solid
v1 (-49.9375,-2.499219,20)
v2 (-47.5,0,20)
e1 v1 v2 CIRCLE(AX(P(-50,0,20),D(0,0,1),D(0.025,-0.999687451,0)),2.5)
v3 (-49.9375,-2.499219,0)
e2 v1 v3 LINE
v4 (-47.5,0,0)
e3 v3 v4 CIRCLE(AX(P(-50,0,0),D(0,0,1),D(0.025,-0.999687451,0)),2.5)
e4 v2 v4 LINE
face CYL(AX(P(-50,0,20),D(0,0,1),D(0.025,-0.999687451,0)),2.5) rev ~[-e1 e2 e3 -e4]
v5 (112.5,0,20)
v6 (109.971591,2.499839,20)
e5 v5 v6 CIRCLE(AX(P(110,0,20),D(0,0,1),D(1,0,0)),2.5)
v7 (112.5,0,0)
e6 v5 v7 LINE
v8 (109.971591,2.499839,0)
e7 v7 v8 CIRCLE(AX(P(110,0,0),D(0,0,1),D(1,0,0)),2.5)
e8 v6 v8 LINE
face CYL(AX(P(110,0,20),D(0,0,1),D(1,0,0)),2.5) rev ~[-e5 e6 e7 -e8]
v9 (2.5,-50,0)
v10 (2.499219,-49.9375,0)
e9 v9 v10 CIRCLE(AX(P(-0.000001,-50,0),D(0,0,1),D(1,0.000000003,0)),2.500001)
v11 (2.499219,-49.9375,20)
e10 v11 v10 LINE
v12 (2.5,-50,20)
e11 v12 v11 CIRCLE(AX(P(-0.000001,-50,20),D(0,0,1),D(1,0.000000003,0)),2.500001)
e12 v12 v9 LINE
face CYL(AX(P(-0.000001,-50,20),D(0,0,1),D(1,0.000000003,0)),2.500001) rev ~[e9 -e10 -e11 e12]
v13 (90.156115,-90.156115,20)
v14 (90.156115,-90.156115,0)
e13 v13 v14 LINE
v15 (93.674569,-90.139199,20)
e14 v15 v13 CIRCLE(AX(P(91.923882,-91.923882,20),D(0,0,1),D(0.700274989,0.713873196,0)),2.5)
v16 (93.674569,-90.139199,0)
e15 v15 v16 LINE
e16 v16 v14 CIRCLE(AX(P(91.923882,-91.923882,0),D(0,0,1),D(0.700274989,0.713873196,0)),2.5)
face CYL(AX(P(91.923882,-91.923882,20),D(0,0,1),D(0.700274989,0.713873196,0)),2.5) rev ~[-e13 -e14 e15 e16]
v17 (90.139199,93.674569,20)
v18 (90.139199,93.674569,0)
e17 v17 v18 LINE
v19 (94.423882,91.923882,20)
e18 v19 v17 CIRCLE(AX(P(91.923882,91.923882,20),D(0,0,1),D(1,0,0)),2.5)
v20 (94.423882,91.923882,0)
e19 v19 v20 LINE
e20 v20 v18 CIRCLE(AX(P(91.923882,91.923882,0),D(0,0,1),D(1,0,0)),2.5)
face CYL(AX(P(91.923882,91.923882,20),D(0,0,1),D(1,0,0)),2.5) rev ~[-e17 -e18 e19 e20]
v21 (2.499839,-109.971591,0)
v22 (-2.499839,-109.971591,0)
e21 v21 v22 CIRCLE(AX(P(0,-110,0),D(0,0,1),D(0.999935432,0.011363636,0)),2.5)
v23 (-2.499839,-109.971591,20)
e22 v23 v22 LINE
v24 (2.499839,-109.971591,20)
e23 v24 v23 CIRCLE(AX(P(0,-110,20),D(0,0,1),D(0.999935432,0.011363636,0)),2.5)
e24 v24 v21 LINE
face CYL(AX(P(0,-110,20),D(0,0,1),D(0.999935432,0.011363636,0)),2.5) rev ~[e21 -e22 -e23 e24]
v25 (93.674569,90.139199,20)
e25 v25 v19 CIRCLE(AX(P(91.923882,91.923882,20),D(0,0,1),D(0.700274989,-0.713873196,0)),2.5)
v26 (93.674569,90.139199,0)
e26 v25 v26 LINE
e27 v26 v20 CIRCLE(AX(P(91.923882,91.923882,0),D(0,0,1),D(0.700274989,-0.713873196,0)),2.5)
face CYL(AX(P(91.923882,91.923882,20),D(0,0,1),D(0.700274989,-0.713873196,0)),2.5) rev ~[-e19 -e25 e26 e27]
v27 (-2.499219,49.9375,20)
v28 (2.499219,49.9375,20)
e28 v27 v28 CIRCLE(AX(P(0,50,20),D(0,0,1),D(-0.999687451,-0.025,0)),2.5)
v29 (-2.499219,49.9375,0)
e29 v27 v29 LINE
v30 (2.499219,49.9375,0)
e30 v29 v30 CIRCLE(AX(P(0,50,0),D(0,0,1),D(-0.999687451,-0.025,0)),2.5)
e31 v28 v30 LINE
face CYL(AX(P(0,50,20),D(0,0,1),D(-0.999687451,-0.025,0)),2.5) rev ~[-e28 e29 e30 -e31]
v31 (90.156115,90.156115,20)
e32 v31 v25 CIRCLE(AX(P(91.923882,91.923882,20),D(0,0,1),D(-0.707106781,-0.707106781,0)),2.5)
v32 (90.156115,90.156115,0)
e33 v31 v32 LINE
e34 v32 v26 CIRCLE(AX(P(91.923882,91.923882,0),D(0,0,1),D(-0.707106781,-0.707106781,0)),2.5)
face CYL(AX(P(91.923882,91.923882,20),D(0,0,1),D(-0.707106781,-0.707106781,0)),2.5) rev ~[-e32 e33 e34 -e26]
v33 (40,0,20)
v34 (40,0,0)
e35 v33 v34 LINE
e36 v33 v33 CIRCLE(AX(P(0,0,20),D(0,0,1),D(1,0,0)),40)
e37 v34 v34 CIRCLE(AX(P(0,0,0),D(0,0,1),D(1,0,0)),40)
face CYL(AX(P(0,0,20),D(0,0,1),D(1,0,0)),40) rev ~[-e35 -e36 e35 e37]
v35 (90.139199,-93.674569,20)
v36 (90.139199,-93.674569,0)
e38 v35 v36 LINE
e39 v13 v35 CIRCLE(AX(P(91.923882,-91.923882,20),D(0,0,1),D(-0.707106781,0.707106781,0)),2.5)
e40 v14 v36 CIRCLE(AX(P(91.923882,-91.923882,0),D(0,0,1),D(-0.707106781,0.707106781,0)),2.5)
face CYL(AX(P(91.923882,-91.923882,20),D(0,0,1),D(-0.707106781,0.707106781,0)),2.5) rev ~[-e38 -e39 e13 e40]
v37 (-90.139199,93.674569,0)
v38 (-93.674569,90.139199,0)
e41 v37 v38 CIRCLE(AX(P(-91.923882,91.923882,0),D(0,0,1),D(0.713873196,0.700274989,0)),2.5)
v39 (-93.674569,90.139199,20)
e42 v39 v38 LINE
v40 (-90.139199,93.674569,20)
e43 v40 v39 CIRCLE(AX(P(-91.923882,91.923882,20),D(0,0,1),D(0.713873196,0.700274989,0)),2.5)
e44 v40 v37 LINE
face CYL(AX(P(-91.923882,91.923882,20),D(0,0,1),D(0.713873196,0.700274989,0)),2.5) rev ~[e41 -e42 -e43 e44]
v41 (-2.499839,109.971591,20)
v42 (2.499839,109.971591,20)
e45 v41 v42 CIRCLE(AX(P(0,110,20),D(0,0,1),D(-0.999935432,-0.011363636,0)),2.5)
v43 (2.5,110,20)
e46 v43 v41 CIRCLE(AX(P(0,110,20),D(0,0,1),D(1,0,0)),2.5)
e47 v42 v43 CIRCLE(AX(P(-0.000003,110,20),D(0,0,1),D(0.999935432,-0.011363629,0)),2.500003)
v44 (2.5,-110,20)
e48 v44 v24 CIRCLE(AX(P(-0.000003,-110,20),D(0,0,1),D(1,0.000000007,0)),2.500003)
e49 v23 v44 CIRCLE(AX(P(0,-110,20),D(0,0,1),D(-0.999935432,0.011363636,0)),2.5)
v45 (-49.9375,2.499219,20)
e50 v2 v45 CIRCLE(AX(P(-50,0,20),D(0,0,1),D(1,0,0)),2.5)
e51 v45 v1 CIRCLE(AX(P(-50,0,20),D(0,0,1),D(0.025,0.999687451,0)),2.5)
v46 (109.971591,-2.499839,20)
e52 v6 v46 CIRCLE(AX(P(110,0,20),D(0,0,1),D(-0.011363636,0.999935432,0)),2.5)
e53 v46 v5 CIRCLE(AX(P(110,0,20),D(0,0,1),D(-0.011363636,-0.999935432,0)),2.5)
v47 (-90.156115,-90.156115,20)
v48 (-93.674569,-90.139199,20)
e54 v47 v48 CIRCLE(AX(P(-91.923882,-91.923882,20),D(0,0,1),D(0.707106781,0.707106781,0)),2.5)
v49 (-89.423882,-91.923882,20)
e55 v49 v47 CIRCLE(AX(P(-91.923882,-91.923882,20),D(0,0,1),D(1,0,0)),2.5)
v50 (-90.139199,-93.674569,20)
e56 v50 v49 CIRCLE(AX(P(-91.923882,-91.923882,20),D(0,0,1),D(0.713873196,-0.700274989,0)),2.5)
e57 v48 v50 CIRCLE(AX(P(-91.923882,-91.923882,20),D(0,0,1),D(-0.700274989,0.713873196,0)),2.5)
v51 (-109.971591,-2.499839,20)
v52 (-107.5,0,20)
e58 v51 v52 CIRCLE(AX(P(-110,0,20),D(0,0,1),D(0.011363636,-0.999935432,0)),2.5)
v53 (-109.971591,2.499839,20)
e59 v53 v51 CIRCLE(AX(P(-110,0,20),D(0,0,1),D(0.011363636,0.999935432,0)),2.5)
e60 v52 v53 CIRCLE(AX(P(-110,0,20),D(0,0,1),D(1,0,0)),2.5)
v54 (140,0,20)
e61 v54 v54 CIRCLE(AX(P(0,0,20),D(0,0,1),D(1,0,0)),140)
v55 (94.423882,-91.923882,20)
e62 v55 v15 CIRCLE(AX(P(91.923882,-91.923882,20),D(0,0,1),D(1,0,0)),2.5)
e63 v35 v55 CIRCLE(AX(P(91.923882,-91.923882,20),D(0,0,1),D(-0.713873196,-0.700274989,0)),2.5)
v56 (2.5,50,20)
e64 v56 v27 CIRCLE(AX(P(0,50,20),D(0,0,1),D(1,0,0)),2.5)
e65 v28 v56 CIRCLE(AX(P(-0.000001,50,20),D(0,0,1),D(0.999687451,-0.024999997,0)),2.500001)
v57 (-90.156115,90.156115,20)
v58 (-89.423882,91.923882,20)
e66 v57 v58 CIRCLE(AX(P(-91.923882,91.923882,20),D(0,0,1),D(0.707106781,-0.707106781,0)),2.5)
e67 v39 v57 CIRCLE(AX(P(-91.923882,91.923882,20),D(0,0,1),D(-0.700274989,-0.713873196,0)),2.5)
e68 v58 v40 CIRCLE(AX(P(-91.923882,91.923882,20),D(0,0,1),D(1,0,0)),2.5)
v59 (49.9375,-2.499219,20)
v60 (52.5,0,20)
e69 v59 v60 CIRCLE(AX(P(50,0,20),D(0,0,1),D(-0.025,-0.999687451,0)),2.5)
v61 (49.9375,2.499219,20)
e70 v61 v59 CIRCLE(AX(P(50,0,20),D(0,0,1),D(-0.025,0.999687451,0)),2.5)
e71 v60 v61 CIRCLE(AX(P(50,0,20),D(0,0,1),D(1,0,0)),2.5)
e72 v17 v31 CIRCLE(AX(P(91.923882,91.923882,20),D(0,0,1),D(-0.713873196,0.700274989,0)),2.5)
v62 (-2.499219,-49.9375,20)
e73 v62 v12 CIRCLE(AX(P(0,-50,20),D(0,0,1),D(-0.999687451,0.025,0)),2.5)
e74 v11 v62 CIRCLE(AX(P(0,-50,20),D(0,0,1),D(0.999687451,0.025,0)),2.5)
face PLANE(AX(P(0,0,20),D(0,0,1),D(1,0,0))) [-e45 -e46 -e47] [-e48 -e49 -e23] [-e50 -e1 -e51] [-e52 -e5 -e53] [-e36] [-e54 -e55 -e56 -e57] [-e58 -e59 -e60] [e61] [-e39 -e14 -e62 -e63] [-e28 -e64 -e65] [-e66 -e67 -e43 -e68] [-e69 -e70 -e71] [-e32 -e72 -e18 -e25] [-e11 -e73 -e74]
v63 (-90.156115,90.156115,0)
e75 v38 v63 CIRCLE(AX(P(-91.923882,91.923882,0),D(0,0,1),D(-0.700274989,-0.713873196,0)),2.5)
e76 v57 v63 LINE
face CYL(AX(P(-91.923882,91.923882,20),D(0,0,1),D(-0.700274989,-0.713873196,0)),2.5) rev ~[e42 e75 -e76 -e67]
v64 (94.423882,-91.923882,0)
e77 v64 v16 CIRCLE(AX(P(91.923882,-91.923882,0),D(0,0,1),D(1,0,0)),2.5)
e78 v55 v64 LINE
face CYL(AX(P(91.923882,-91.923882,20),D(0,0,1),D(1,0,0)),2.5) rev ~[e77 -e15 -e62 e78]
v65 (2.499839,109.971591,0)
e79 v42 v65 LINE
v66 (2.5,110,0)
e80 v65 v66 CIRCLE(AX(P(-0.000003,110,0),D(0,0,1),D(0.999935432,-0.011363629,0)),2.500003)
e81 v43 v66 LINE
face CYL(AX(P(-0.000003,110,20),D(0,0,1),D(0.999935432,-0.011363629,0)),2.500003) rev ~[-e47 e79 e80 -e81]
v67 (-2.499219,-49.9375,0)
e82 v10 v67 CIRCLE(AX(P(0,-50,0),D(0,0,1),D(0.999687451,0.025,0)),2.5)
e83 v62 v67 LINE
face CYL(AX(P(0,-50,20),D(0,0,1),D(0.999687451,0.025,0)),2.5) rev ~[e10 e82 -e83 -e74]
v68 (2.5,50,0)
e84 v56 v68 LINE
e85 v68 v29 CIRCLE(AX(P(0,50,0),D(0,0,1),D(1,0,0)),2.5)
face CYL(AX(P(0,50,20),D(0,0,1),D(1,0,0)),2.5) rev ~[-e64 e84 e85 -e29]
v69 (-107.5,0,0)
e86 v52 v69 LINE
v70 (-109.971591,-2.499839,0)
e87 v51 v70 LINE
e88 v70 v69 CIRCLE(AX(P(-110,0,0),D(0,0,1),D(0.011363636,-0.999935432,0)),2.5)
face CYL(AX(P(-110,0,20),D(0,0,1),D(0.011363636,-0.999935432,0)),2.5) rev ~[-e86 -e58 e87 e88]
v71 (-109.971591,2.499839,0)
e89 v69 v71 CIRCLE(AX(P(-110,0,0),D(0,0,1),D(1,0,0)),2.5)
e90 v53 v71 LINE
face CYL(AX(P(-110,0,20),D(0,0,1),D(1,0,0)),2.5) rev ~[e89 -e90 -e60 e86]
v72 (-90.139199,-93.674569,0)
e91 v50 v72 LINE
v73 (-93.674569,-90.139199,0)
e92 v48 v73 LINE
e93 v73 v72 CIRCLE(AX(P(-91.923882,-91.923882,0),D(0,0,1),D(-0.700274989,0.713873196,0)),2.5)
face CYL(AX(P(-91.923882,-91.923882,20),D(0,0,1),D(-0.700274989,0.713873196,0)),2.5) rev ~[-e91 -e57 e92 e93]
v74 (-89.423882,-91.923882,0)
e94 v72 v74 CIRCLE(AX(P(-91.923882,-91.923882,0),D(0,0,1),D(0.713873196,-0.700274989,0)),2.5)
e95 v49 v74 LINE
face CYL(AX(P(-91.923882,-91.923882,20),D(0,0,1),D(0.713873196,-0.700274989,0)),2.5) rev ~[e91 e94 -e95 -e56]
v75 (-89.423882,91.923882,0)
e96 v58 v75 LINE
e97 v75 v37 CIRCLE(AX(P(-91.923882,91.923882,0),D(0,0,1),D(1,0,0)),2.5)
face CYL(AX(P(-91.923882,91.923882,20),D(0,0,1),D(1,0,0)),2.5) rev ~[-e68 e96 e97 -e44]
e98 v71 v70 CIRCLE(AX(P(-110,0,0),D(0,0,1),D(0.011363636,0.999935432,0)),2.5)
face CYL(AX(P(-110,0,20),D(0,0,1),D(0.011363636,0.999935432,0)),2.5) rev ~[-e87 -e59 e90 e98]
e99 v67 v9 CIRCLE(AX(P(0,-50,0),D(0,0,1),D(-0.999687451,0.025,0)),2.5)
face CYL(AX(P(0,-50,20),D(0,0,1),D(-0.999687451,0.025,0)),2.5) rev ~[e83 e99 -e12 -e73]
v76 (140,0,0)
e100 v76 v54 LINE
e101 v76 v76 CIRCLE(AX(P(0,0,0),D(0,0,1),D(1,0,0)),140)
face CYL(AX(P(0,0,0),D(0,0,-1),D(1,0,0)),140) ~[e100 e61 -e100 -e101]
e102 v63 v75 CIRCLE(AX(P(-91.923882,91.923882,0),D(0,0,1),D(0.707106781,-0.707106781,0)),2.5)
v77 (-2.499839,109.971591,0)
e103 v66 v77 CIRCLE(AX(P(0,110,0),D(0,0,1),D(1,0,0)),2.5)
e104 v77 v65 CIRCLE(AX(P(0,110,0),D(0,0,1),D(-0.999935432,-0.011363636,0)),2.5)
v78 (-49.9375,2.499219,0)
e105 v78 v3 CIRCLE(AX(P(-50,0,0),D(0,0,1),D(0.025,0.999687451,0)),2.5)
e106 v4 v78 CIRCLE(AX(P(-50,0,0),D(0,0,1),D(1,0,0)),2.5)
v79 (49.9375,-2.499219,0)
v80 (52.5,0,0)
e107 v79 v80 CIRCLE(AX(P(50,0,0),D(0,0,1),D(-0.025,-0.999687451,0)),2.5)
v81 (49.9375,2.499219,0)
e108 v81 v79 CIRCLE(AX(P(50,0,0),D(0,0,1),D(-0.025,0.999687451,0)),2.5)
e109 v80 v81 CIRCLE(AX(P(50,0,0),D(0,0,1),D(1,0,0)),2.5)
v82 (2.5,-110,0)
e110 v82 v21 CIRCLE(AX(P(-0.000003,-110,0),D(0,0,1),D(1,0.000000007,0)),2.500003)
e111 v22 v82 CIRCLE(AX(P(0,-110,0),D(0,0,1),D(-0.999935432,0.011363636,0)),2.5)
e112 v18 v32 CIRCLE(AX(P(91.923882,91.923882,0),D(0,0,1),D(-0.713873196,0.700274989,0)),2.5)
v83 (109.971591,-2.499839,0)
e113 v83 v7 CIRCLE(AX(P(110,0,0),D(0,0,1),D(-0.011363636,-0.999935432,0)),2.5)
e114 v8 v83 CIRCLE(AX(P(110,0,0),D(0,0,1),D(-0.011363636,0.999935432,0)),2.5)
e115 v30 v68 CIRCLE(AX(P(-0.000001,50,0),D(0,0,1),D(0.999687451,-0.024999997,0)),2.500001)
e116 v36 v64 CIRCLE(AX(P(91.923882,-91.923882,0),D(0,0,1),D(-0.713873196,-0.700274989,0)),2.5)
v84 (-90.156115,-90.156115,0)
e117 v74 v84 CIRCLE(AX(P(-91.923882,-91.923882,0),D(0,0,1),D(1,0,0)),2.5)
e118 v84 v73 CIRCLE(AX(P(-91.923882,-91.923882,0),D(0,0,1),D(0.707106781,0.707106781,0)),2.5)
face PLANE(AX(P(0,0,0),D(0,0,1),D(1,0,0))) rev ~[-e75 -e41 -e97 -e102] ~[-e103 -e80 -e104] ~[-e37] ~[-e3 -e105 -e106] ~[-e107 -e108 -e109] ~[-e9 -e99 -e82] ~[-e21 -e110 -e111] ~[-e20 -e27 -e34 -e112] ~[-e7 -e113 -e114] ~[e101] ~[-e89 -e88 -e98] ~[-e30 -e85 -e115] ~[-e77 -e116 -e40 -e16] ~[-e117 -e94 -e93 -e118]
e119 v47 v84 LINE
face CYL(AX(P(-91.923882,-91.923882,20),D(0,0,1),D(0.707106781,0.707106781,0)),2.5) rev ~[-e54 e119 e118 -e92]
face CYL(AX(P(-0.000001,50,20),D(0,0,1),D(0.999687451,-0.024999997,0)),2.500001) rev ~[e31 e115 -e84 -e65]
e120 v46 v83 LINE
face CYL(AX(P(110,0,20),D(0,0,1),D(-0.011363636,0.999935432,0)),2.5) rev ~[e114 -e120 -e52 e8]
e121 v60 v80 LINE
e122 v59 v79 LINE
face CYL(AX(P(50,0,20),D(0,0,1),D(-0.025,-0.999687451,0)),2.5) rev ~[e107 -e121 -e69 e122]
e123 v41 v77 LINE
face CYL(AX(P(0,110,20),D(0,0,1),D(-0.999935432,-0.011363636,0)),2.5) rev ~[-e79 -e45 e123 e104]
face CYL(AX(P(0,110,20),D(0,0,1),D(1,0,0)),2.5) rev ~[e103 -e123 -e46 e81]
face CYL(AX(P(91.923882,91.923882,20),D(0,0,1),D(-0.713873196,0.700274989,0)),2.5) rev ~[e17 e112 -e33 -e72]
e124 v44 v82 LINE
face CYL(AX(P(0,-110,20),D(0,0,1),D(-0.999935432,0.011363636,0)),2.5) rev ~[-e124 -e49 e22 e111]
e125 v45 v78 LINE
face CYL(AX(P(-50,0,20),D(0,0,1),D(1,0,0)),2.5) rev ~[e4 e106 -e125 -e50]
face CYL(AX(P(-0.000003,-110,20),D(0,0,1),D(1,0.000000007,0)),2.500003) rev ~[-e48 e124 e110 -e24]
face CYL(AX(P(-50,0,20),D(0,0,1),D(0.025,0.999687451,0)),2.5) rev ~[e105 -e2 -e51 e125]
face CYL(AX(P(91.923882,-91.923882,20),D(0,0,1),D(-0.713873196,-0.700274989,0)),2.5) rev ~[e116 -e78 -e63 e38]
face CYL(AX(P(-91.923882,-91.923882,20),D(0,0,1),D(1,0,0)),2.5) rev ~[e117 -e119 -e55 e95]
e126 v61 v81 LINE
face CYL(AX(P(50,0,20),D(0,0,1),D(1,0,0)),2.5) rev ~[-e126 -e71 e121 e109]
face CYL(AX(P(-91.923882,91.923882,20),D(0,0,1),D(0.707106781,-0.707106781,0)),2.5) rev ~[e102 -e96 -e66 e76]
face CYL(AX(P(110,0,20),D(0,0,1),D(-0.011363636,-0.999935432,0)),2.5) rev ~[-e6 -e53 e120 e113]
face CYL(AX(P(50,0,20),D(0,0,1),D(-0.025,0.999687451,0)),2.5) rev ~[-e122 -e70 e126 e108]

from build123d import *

# Parameters (mm, degrees)
F0_R     = 140
F1_DEPTH = 20
F3_DEPTH = 20.001
F5_DEPTH = 25
F6_R     = 40
F7_DEPTH = 25
F9_DEPTH = 25


with BuildPart() as f1:
    # F0 (on Top) → F1 (new body)
    with BuildSketch(Plane.XY):
        Circle(F0_R)
    extrude(amount=F1_DEPTH)

    # F2 (on face) → F3 (cut, through all)
    with BuildSketch(Plane.XY.offset(20)):
        with BuildLine():
            ThreePointArc((-2.4998385795, 109.9715909091), (0, 110), (2.4998385795, 109.9715909091))
            ThreePointArc((2.4998385795, 109.9715909091), (2.4999596445, 109.9857952252), (2.5, 110))
            ThreePointArc((2.5, 110), (-0.0142047748, 112.4999596445), (-2.4998385795, 109.9715909091))
        make_face()
        with BuildLine():
            ThreePointArc((-2.4998385795, 109.9715909091), (0, 107.5), (2.4998385795, 109.9715909091))
            ThreePointArc((2.4998385795, 109.9715909091), (0, 110), (-2.4998385795, 109.9715909091))
        make_face()
        with BuildLine():
            ThreePointArc((109.9715909091, 2.4998385795), (109.992897498, 1.25), (110, 0))
            ThreePointArc((110, 0), (109.992897498, -1.25), (109.9715909091, -2.4998385795))
            ThreePointArc((109.9715909091, -2.4998385795), (111.7576941248, -1.7777827099), (112.5, 0))
            ThreePointArc((112.5, 0), (111.7576941248, 1.7777827099), (109.9715909091, 2.4998385795))
        make_face()
        with BuildLine():
            ThreePointArc((109.9715909091, -2.4998385795), (109.992897498, -1.25), (110, 0))
            ThreePointArc((110, 0), (109.992897498, 1.25), (109.9715909091, 2.4998385795))
            ThreePointArc((109.9715909091, 2.4998385795), (107.5, 0), (109.9715909091, -2.4998385795))
        make_face()
        with BuildLine():
            ThreePointArc((2.5, -110), (2.4999596445, -109.9857952252), (2.4998385795, -109.9715909091))
            ThreePointArc((2.4998385795, -109.9715909091), (0, -110), (-2.4998385795, -109.9715909091))
            ThreePointArc((-2.4998385795, -109.9715909091), (-0.0142047748, -112.4999596445), (2.5, -110))
        make_face()
        with BuildLine():
            ThreePointArc((-2.4998385795, -109.9715909091), (0, -110), (2.4998385795, -109.9715909091))
            ThreePointArc((2.4998385795, -109.9715909091), (0, -107.5), (-2.4998385795, -109.9715909091))
        make_face()
        with BuildLine():
            ThreePointArc((-107.5, 0), (-108.2222172901, 1.7576941248), (-109.9715909091, 2.4998385795))
            ThreePointArc((-109.9715909091, 2.4998385795), (-110, 0), (-109.9715909091, -2.4998385795))
            ThreePointArc((-109.9715909091, -2.4998385795), (-108.2222172901, -1.7576941248), (-107.5, 0))
        make_face()
        with BuildLine():
            ThreePointArc((-109.9715909091, -2.4998385795), (-110, 0), (-109.9715909091, 2.4998385795))
            ThreePointArc((-109.9715909091, 2.4998385795), (-112.5, 0), (-109.9715909091, -2.4998385795))
        make_face()
    extrude(amount=-F3_DEPTH, mode=Mode.SUBTRACT)

    # F4 (on face) → F5 (cut)
    with BuildSketch(Plane.XY.offset(20)):
        with BuildLine():
            ThreePointArc((-89.4238815543, 91.9238815543), (-89.6096098032, 92.8694746286), (-90.139198564, 93.6745690262))
            ThreePointArc((-90.139198564, 93.6745690262), (-91.0357485398, 92.8035154927), (-91.9238815543, 91.9238815543))
            Line((-91.9238815543, 91.9238815543), (-90.1561146013, 90.1561146013))
            ThreePointArc((-90.1561146013, 90.1561146013), (-89.614182723, 90.9671729733), (-89.4238815543, 91.9238815543))
        make_face()
        with BuildLine():
            ThreePointArc((-93.6745690262, 90.139198564), (-91.9118621846, 89.4239104475), (-90.1561146013, 90.1561146013))
            Line((-90.1561146013, 90.1561146013), (-91.9238815543, 91.9238815543))
            ThreePointArc((-91.9238815543, 91.9238815543), (-92.8035154927, 91.0357485398), (-93.6745690262, 90.139198564))
        make_face()
        with BuildLine():
            ThreePointArc((-91.9238815543, 91.9238815543), (-91.0357485398, 92.8035154927), (-90.139198564, 93.6745690262))
            ThreePointArc((-90.139198564, 93.6745690262), (-93.6916485072, 93.6916485072), (-93.6745690262, 90.139198564))
            ThreePointArc((-93.6745690262, 90.139198564), (-92.8035154927, 91.0357485398), (-91.9238815543, 91.9238815543))
        make_face()
        with BuildLine():
            ThreePointArc((91.9238815543, 91.9238815543), (92.8035154927, 91.0357485398), (93.6745690262, 90.139198564))
            ThreePointArc((93.6745690262, 90.139198564), (94.228954078, 90.9560795807), (94.4238815543, 91.9238815543))
            ThreePointArc((94.4238815543, 91.9238815543), (92.8694746286, 94.2381533053), (90.139198564, 93.6745690262))
            ThreePointArc((90.139198564, 93.6745690262), (91.0357485398, 92.8035154927), (91.9238815543, 91.9238815543))
        make_face()
        with BuildLine():
            ThreePointArc((90.1561146013, 90.1561146013), (91.9118621846, 89.4239104475), (93.6745690262, 90.139198564))
            ThreePointArc((93.6745690262, 90.139198564), (92.8035154927, 91.0357485398), (91.9238815543, 91.9238815543))
            Line((91.9238815543, 91.9238815543), (90.1561146013, 90.1561146013))
        make_face()
        with BuildLine():
            Line((90.1561146013, 90.1561146013), (91.9238815543, 91.9238815543))
            ThreePointArc((91.9238815543, 91.9238815543), (91.0357485398, 92.8035154927), (90.139198564, 93.6745690262))
            ThreePointArc((90.139198564, 93.6745690262), (89.4239104475, 91.9118621846), (90.1561146013, 90.1561146013))
        make_face()
        with BuildLine():
            ThreePointArc((94.4238815543, -91.9238815543), (94.228954078, -90.9560795807), (93.6745690262, -90.139198564))
            ThreePointArc((93.6745690262, -90.139198564), (92.8035154927, -91.0357485398), (91.9238815543, -91.9238815543))
            ThreePointArc((91.9238815543, -91.9238815543), (91.0357485398, -92.8035154927), (90.139198564, -93.6745690262))
            ThreePointArc((90.139198564, -93.6745690262), (92.8694746286, -94.2381533053), (94.4238815543, -91.9238815543))
        make_face()
        with BuildLine():
            ThreePointArc((91.9238815543, -91.9238815543), (92.8035154927, -91.0357485398), (93.6745690262, -90.139198564))
            ThreePointArc((93.6745690262, -90.139198564), (91.9118621846, -89.4239104475), (90.1561146013, -90.1561146013))
            Line((90.1561146013, -90.1561146013), (91.9238815543, -91.9238815543))
        make_face()
        with BuildLine():
            ThreePointArc((90.139198564, -93.6745690262), (91.0357485398, -92.8035154927), (91.9238815543, -91.9238815543))
            Line((91.9238815543, -91.9238815543), (90.1561146013, -90.1561146013))
            ThreePointArc((90.1561146013, -90.1561146013), (89.4239104475, -91.9118621846), (90.139198564, -93.6745690262))
        make_face()
        with BuildLine():
            ThreePointArc((-89.4238815543, -91.9238815543), (-89.614182723, -90.9671729733), (-90.1561146013, -90.1561146013))
            Line((-90.1561146013, -90.1561146013), (-91.9238815543, -91.9238815543))
            ThreePointArc((-91.9238815543, -91.9238815543), (-91.0357485398, -92.8035154927), (-90.139198564, -93.6745690262))
            ThreePointArc((-90.139198564, -93.6745690262), (-89.6096098032, -92.8694746286), (-89.4238815543, -91.9238815543))
        make_face()
        with BuildLine():
            ThreePointArc((-93.6745690262, -90.139198564), (-93.6916485072, -93.6916485072), (-90.139198564, -93.6745690262))
            ThreePointArc((-90.139198564, -93.6745690262), (-91.0357485398, -92.8035154927), (-91.9238815543, -91.9238815543))
            ThreePointArc((-91.9238815543, -91.9238815543), (-92.8035154927, -91.0357485398), (-93.6745690262, -90.139198564))
        make_face()
        with BuildLine():
            Line((-91.9238815543, -91.9238815543), (-90.1561146013, -90.1561146013))
            ThreePointArc((-90.1561146013, -90.1561146013), (-91.9118621846, -89.4239104475), (-93.6745690262, -90.139198564))
            ThreePointArc((-93.6745690262, -90.139198564), (-92.8035154927, -91.0357485398), (-91.9238815543, -91.9238815543))
        make_face()
    extrude(amount=-F5_DEPTH, mode=Mode.SUBTRACT)

    # F6 (on face) → F7 (cut)
    with BuildSketch(Plane.XY.offset(20)):
        Circle(F6_R)
    extrude(amount=-F7_DEPTH, mode=Mode.SUBTRACT)

    # F8 (on face) → F9 (cut)
    with BuildSketch(Plane.XY.offset(20)):
        with BuildLine():
            ThreePointArc((-2.4992186279, 49.9375), (0, 50), (2.4992186279, 49.9375))
            ThreePointArc((2.4992186279, 49.9375), (2.4998046493, 49.9687475579), (2.5, 50))
            ThreePointArc((2.5, 50), (-0.0312524421, 52.4998046493), (-2.4992186279, 49.9375))
        make_face()
        with BuildLine():
            ThreePointArc((-2.4992186279, 49.9375), (0, 47.5), (2.4992186279, 49.9375))
            ThreePointArc((2.4992186279, 49.9375), (0, 50), (-2.4992186279, 49.9375))
        make_face()
        with BuildLine():
            ThreePointArc((-47.5, 0), (-48.2102723671, 1.7455300055), (-49.9375, 2.4992186279))
            ThreePointArc((-49.9375, 2.4992186279), (-50, 0), (-49.9375, -2.4992186279))
            ThreePointArc((-49.9375, -2.4992186279), (-48.2102723671, -1.7455300055), (-47.5, 0))
        make_face()
        with BuildLine():
            ThreePointArc((-49.9375, -2.4992186279), (-50, 0), (-49.9375, 2.4992186279))
            ThreePointArc((-49.9375, 2.4992186279), (-52.5, 0), (-49.9375, -2.4992186279))
        make_face()
        with BuildLine():
            ThreePointArc((2.5, -50), (2.4998046493, -49.9687475579), (2.4992186279, -49.9375))
            ThreePointArc((2.4992186279, -49.9375), (0, -50), (-2.4992186279, -49.9375))
            ThreePointArc((-2.4992186279, -49.9375), (-0.0312524421, -52.4998046493), (2.5, -50))
        make_face()
        with BuildLine():
            ThreePointArc((-2.4992186279, -49.9375), (0, -50), (2.4992186279, -49.9375))
            ThreePointArc((2.4992186279, -49.9375), (0, -47.5), (-2.4992186279, -49.9375))
        make_face()
        with BuildLine():
            ThreePointArc((49.9375, 2.4992186279), (49.9843725578, 1.25), (50, 0))
            ThreePointArc((50, 0), (49.9843725578, -1.25), (49.9375, -2.4992186279))
            ThreePointArc((49.9375, -2.4992186279), (51.7455300055, -1.7897276329), (52.5, 0))
            ThreePointArc((52.5, 0), (51.7455300055, 1.7897276329), (49.9375, 2.4992186279))
        make_face()
        with BuildLine():
            ThreePointArc((49.9375, -2.4992186279), (49.9843725578, -1.25), (50, 0))
            ThreePointArc((50, 0), (49.9843725578, 1.25), (49.9375, 2.4992186279))
            ThreePointArc((49.9375, 2.4992186279), (47.5, 0), (49.9375, -2.4992186279))
        make_face()
    extrude(amount=-F9_DEPTH, mode=Mode.SUBTRACT)


solid = f1.part
